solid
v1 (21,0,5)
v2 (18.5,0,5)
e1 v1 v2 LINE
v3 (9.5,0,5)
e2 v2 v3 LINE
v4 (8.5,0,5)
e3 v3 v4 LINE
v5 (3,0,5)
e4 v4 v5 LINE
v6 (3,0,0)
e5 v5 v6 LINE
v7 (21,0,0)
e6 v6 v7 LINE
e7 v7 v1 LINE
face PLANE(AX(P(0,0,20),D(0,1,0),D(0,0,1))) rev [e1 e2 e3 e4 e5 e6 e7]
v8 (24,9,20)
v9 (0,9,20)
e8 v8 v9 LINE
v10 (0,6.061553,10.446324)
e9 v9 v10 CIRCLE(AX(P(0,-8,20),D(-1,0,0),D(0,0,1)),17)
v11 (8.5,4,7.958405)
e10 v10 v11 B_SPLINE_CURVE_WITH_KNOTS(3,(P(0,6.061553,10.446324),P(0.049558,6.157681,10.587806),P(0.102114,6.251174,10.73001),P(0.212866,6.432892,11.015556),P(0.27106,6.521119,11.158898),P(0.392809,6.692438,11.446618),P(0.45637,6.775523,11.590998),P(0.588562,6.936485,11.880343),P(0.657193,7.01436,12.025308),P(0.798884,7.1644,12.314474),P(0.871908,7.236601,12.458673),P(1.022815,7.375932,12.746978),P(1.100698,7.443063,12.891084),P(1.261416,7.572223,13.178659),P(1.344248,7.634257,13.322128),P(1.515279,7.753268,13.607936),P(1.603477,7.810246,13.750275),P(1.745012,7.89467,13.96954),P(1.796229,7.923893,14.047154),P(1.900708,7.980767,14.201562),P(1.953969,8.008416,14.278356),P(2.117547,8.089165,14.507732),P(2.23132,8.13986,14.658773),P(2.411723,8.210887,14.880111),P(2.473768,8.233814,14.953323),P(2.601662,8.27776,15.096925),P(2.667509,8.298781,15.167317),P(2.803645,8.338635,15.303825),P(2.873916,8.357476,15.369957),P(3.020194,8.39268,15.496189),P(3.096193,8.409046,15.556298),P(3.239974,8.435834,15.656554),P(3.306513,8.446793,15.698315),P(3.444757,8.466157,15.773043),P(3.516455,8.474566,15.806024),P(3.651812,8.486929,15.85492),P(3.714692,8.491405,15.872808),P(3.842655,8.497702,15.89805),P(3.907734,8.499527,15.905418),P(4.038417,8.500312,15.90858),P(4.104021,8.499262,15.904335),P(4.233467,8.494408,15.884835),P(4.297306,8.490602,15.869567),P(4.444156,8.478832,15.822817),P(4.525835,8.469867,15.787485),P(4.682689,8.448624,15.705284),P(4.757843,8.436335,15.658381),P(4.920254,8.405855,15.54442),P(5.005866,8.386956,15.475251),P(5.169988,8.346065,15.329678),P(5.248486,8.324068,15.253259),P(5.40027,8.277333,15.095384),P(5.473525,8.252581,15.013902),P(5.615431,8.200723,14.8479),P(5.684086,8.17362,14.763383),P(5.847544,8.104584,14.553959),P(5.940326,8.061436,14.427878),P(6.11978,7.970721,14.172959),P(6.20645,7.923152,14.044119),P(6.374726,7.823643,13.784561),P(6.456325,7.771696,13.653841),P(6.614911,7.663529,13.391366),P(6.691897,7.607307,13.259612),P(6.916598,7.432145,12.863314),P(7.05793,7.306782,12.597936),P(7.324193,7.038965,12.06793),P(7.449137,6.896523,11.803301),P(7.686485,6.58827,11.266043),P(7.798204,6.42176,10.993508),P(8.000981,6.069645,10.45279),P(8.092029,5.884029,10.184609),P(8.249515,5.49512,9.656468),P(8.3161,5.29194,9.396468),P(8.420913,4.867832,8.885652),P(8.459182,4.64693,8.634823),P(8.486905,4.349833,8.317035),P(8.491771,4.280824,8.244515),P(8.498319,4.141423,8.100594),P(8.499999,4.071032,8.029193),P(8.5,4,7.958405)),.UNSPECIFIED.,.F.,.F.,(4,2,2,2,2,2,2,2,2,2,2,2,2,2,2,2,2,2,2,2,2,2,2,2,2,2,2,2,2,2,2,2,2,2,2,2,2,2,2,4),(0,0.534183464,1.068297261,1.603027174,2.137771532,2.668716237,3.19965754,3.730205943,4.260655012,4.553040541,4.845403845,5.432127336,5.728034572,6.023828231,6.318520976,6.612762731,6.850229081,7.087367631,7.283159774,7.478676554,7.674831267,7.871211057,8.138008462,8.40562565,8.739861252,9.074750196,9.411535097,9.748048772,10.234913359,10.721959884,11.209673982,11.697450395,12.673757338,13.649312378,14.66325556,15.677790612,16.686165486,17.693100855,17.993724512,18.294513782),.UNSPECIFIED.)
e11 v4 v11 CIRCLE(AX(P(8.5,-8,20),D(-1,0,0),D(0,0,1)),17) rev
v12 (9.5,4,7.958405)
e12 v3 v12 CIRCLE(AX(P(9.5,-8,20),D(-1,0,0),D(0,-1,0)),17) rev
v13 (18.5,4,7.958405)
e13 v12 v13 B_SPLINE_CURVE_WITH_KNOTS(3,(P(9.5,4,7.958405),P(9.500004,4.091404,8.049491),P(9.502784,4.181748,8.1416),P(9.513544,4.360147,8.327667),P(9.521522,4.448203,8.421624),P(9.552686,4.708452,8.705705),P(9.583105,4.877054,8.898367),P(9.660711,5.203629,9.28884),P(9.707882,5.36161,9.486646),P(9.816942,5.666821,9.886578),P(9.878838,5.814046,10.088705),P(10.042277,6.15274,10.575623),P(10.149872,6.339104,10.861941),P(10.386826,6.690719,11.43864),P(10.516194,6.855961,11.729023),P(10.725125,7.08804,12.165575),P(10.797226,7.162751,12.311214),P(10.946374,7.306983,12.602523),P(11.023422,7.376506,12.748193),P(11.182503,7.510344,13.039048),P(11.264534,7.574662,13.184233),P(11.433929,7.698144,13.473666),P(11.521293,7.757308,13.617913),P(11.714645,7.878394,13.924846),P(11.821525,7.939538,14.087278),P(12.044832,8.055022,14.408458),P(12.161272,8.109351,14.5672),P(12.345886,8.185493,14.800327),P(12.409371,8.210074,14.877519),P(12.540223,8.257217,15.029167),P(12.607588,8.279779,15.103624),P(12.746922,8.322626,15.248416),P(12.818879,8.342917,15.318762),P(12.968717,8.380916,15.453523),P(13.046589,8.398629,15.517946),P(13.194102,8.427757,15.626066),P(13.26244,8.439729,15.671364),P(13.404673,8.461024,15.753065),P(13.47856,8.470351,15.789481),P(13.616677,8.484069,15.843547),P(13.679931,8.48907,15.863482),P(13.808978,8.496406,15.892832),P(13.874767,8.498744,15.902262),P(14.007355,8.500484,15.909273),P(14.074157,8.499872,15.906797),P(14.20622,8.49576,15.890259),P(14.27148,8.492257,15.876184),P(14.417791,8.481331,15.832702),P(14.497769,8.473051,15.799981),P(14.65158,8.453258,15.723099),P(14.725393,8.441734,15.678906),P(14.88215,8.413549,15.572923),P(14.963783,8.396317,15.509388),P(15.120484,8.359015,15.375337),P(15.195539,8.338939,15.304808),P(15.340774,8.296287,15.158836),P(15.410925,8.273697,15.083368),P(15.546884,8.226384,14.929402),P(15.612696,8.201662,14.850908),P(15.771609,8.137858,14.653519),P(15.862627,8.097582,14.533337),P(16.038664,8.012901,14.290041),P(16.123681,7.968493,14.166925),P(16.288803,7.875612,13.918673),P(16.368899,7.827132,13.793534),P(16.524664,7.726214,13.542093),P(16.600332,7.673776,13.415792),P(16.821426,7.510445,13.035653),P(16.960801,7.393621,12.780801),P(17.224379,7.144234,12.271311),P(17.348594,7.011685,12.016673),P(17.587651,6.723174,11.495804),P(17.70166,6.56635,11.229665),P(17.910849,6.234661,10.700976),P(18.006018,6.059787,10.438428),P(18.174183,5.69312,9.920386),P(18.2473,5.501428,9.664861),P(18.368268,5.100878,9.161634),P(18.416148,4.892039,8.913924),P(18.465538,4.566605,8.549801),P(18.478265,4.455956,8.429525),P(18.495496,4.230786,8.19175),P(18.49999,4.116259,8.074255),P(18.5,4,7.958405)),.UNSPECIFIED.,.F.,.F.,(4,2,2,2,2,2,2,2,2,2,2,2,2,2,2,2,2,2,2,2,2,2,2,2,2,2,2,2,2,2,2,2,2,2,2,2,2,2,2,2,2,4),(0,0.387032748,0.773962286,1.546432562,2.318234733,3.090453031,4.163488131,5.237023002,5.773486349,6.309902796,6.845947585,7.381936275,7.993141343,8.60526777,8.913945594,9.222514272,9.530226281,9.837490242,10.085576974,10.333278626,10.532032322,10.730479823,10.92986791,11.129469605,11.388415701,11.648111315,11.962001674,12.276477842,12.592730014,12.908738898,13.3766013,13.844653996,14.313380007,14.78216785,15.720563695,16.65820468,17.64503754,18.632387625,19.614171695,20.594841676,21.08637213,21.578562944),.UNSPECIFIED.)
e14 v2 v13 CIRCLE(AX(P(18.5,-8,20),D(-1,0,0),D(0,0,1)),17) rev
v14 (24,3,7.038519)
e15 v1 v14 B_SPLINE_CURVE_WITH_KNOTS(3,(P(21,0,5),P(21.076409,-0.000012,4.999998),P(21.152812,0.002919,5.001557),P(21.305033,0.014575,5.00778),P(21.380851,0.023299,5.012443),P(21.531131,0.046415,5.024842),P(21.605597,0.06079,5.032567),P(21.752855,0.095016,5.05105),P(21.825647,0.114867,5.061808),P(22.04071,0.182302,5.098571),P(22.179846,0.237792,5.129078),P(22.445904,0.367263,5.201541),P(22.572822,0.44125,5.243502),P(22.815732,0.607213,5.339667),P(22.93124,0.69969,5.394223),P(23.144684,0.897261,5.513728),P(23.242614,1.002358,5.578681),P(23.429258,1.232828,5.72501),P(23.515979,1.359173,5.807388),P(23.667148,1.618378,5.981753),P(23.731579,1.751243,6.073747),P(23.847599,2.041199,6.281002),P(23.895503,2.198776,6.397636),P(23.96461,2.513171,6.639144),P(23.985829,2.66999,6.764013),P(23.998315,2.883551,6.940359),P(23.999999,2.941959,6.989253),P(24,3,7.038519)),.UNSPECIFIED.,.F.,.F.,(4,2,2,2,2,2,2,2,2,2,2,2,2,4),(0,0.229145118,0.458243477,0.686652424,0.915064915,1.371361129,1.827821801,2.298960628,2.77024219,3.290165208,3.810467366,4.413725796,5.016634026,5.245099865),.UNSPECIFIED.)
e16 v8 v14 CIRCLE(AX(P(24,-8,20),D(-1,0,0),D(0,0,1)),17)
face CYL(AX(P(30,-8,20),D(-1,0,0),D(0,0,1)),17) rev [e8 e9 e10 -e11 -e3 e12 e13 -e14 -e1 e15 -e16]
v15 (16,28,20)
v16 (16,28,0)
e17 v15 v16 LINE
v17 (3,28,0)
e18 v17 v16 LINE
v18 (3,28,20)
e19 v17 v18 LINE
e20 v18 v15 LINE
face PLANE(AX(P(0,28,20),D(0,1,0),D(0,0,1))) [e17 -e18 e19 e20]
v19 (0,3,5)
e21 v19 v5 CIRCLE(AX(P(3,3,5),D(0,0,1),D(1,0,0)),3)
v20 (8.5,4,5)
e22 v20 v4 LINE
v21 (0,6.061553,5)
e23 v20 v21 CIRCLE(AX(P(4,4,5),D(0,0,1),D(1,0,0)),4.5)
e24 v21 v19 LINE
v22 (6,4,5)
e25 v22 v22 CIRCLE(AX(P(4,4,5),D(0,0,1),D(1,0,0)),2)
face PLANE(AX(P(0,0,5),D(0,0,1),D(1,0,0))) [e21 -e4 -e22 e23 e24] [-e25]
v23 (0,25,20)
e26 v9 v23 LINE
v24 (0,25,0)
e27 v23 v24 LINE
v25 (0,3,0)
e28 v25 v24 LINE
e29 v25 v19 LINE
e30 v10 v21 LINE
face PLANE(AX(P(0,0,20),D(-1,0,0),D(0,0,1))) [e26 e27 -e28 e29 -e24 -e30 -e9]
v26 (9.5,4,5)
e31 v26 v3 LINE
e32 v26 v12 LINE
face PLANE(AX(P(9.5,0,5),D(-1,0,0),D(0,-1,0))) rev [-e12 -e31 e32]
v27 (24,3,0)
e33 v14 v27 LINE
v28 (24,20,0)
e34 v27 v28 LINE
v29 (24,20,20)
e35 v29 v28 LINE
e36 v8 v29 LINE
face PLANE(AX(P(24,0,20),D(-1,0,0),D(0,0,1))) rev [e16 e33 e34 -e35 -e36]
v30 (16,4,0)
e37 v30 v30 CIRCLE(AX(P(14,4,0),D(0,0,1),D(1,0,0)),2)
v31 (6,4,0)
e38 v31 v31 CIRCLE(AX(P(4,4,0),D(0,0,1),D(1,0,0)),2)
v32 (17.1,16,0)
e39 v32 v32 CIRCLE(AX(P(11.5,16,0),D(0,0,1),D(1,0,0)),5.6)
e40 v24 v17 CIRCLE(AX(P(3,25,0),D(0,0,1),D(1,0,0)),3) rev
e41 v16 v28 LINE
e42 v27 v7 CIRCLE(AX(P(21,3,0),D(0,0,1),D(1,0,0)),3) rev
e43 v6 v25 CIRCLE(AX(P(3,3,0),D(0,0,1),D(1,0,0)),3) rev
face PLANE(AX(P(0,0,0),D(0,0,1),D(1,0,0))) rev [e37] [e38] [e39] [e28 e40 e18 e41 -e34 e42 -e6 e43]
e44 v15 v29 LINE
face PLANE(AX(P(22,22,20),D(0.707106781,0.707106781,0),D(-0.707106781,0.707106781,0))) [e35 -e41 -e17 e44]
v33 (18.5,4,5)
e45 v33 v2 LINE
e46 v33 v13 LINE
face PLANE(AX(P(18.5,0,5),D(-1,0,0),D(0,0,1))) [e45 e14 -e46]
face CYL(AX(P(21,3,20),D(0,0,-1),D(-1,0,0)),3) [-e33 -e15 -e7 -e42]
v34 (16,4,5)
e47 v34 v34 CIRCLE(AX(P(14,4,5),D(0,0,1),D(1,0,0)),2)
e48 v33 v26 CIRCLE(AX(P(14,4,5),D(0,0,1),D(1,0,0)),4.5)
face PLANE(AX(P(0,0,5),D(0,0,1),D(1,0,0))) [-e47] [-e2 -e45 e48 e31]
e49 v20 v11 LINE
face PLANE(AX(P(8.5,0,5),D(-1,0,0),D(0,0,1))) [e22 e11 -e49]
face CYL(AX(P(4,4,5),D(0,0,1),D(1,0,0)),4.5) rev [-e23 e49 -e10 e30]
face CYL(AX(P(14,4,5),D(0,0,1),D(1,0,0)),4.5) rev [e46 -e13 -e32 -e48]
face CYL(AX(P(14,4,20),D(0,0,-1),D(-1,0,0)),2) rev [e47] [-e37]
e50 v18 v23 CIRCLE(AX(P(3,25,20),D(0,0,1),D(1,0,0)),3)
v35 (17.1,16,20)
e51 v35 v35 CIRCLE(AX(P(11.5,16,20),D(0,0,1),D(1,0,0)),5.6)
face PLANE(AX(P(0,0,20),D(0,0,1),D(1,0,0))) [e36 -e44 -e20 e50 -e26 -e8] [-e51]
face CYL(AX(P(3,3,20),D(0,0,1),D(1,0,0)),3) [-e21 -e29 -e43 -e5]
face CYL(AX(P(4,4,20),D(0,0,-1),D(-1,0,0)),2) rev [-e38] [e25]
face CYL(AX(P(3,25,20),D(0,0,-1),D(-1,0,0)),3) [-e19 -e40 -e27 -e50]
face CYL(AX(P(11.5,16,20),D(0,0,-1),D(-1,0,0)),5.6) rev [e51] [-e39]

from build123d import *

# Parameters (mm, degrees)
SKETCH1_R           = 2
SKETCH1_R_2         = 5.6
BOSS_EXTRUDE1_DEPTH = 20
CUT_EXTRUDE1_DEPTH  = 30
CUT_EXTRUDE2_DEPTH  = 15
FILLET1_R           = 3


with BuildPart() as part:
    # Sketch1 → Boss-Extrude1 (new body)
    with BuildSketch(Plane.XY):
        Polygon((24, 20), (16, 28), (0, 28), (0, 0), (24, 0), align=None)
        with Locations((4, 4)):
            Circle(SKETCH1_R, mode=Mode.SUBTRACT)
        with Locations((14, 4)):
            Circle(SKETCH1_R, mode=Mode.SUBTRACT)
        with Locations((11.5, 16)):
            Circle(SKETCH1_R_2, mode=Mode.SUBTRACT)
    extrude(amount=BOSS_EXTRUDE1_DEPTH)

    # Sketch2 → Cut-Extrude1 (cut)
    with BuildSketch(Plane.ZY):
        with BuildLine():
            Line((20, 9), (20, 0))
            Line((20, 0), (5, 0))
            ThreePointArc((5, 0), (11.253572158, 6.577379737), (20, 9))
        make_face()
    extrude(amount=-CUT_EXTRUDE1_DEPTH, mode=Mode.SUBTRACT)

    # Sketch3 → Cut-Extrude2 (cut)
    with BuildSketch(Plane.XY.offset(20)):
        with BuildLine():
            ThreePointArc((14, -0.5), (17.181980515, 0.818019485), (18.5, 4))
            Line((18.5, 4), (9.5, 4))
            ThreePointArc((9.5, 4), (10.818019485, 0.818019485), (14, -0.5))
        make_face()
        with BuildLine():
            Line((9.5, 4), (18.5, 4))
            ThreePointArc((18.5, 4), (14, 8.5), (9.5, 4))
        make_face()
        with BuildLine():
            ThreePointArc((14, -0.5), (10.818019485, 0.818019485), (9.5, 4))
            Line((9.5, 4), (9.5, -0.5))
            Line((9.5, -0.5), (14, -0.5))
        make_face()
        with BuildLine():
            Line((18.5, -0.5), (18.5, 4))
            ThreePointArc((18.5, 4), (17.181980515, 0.818019485), (14, -0.5))
            Line((14, -0.5), (18.5, -0.5))
        make_face()
        with BuildLine():
            ThreePointArc((4, -0.5), (7.181980515, 0.818019485), (8.5, 4))
            Line((8.5, 4), (0, 4))
            Line((0, 4), (0, 1.938447187))
            ThreePointArc((0, 1.938447187), (1.657670781, 0.157670781), (4, -0.5))
        make_face()
        with BuildLine():
            Line((0, 4), (8.5, 4))
            ThreePointArc((8.5, 4), (2.939339828, 8.373213921), (0, 1.938447187))
            Line((0, 1.938447187), (0, 4))
        make_face()
        with BuildLine():
            Line((8.5, -0.5), (8.5, 4))
            ThreePointArc((8.5, 4), (7.181980515, 0.818019485), (4, -0.5))
            Line((4, -0.5), (8.5, -0.5))
        make_face()
        with BuildLine():
            ThreePointArc((4, -0.5), (1.657670781, 0.157670781), (0, 1.938447187))
            Line((0, 1.938447187), (0, -0.5))
            Line((0, -0.5), (4, -0.5))
        make_face()
    extrude(amount=-CUT_EXTRUDE2_DEPTH, mode=Mode.SUBTRACT)

    # Fillet1
    fillet1_edges = [part.edges().sort_by_distance(p)[0] for p in [
        (0, 28, 10),
        (0, 0, 2.5),
        (24, 0, 2.5),
    ]]
    fillet(fillet1_edges, radius=FILLET1_R)


solid = part.part
